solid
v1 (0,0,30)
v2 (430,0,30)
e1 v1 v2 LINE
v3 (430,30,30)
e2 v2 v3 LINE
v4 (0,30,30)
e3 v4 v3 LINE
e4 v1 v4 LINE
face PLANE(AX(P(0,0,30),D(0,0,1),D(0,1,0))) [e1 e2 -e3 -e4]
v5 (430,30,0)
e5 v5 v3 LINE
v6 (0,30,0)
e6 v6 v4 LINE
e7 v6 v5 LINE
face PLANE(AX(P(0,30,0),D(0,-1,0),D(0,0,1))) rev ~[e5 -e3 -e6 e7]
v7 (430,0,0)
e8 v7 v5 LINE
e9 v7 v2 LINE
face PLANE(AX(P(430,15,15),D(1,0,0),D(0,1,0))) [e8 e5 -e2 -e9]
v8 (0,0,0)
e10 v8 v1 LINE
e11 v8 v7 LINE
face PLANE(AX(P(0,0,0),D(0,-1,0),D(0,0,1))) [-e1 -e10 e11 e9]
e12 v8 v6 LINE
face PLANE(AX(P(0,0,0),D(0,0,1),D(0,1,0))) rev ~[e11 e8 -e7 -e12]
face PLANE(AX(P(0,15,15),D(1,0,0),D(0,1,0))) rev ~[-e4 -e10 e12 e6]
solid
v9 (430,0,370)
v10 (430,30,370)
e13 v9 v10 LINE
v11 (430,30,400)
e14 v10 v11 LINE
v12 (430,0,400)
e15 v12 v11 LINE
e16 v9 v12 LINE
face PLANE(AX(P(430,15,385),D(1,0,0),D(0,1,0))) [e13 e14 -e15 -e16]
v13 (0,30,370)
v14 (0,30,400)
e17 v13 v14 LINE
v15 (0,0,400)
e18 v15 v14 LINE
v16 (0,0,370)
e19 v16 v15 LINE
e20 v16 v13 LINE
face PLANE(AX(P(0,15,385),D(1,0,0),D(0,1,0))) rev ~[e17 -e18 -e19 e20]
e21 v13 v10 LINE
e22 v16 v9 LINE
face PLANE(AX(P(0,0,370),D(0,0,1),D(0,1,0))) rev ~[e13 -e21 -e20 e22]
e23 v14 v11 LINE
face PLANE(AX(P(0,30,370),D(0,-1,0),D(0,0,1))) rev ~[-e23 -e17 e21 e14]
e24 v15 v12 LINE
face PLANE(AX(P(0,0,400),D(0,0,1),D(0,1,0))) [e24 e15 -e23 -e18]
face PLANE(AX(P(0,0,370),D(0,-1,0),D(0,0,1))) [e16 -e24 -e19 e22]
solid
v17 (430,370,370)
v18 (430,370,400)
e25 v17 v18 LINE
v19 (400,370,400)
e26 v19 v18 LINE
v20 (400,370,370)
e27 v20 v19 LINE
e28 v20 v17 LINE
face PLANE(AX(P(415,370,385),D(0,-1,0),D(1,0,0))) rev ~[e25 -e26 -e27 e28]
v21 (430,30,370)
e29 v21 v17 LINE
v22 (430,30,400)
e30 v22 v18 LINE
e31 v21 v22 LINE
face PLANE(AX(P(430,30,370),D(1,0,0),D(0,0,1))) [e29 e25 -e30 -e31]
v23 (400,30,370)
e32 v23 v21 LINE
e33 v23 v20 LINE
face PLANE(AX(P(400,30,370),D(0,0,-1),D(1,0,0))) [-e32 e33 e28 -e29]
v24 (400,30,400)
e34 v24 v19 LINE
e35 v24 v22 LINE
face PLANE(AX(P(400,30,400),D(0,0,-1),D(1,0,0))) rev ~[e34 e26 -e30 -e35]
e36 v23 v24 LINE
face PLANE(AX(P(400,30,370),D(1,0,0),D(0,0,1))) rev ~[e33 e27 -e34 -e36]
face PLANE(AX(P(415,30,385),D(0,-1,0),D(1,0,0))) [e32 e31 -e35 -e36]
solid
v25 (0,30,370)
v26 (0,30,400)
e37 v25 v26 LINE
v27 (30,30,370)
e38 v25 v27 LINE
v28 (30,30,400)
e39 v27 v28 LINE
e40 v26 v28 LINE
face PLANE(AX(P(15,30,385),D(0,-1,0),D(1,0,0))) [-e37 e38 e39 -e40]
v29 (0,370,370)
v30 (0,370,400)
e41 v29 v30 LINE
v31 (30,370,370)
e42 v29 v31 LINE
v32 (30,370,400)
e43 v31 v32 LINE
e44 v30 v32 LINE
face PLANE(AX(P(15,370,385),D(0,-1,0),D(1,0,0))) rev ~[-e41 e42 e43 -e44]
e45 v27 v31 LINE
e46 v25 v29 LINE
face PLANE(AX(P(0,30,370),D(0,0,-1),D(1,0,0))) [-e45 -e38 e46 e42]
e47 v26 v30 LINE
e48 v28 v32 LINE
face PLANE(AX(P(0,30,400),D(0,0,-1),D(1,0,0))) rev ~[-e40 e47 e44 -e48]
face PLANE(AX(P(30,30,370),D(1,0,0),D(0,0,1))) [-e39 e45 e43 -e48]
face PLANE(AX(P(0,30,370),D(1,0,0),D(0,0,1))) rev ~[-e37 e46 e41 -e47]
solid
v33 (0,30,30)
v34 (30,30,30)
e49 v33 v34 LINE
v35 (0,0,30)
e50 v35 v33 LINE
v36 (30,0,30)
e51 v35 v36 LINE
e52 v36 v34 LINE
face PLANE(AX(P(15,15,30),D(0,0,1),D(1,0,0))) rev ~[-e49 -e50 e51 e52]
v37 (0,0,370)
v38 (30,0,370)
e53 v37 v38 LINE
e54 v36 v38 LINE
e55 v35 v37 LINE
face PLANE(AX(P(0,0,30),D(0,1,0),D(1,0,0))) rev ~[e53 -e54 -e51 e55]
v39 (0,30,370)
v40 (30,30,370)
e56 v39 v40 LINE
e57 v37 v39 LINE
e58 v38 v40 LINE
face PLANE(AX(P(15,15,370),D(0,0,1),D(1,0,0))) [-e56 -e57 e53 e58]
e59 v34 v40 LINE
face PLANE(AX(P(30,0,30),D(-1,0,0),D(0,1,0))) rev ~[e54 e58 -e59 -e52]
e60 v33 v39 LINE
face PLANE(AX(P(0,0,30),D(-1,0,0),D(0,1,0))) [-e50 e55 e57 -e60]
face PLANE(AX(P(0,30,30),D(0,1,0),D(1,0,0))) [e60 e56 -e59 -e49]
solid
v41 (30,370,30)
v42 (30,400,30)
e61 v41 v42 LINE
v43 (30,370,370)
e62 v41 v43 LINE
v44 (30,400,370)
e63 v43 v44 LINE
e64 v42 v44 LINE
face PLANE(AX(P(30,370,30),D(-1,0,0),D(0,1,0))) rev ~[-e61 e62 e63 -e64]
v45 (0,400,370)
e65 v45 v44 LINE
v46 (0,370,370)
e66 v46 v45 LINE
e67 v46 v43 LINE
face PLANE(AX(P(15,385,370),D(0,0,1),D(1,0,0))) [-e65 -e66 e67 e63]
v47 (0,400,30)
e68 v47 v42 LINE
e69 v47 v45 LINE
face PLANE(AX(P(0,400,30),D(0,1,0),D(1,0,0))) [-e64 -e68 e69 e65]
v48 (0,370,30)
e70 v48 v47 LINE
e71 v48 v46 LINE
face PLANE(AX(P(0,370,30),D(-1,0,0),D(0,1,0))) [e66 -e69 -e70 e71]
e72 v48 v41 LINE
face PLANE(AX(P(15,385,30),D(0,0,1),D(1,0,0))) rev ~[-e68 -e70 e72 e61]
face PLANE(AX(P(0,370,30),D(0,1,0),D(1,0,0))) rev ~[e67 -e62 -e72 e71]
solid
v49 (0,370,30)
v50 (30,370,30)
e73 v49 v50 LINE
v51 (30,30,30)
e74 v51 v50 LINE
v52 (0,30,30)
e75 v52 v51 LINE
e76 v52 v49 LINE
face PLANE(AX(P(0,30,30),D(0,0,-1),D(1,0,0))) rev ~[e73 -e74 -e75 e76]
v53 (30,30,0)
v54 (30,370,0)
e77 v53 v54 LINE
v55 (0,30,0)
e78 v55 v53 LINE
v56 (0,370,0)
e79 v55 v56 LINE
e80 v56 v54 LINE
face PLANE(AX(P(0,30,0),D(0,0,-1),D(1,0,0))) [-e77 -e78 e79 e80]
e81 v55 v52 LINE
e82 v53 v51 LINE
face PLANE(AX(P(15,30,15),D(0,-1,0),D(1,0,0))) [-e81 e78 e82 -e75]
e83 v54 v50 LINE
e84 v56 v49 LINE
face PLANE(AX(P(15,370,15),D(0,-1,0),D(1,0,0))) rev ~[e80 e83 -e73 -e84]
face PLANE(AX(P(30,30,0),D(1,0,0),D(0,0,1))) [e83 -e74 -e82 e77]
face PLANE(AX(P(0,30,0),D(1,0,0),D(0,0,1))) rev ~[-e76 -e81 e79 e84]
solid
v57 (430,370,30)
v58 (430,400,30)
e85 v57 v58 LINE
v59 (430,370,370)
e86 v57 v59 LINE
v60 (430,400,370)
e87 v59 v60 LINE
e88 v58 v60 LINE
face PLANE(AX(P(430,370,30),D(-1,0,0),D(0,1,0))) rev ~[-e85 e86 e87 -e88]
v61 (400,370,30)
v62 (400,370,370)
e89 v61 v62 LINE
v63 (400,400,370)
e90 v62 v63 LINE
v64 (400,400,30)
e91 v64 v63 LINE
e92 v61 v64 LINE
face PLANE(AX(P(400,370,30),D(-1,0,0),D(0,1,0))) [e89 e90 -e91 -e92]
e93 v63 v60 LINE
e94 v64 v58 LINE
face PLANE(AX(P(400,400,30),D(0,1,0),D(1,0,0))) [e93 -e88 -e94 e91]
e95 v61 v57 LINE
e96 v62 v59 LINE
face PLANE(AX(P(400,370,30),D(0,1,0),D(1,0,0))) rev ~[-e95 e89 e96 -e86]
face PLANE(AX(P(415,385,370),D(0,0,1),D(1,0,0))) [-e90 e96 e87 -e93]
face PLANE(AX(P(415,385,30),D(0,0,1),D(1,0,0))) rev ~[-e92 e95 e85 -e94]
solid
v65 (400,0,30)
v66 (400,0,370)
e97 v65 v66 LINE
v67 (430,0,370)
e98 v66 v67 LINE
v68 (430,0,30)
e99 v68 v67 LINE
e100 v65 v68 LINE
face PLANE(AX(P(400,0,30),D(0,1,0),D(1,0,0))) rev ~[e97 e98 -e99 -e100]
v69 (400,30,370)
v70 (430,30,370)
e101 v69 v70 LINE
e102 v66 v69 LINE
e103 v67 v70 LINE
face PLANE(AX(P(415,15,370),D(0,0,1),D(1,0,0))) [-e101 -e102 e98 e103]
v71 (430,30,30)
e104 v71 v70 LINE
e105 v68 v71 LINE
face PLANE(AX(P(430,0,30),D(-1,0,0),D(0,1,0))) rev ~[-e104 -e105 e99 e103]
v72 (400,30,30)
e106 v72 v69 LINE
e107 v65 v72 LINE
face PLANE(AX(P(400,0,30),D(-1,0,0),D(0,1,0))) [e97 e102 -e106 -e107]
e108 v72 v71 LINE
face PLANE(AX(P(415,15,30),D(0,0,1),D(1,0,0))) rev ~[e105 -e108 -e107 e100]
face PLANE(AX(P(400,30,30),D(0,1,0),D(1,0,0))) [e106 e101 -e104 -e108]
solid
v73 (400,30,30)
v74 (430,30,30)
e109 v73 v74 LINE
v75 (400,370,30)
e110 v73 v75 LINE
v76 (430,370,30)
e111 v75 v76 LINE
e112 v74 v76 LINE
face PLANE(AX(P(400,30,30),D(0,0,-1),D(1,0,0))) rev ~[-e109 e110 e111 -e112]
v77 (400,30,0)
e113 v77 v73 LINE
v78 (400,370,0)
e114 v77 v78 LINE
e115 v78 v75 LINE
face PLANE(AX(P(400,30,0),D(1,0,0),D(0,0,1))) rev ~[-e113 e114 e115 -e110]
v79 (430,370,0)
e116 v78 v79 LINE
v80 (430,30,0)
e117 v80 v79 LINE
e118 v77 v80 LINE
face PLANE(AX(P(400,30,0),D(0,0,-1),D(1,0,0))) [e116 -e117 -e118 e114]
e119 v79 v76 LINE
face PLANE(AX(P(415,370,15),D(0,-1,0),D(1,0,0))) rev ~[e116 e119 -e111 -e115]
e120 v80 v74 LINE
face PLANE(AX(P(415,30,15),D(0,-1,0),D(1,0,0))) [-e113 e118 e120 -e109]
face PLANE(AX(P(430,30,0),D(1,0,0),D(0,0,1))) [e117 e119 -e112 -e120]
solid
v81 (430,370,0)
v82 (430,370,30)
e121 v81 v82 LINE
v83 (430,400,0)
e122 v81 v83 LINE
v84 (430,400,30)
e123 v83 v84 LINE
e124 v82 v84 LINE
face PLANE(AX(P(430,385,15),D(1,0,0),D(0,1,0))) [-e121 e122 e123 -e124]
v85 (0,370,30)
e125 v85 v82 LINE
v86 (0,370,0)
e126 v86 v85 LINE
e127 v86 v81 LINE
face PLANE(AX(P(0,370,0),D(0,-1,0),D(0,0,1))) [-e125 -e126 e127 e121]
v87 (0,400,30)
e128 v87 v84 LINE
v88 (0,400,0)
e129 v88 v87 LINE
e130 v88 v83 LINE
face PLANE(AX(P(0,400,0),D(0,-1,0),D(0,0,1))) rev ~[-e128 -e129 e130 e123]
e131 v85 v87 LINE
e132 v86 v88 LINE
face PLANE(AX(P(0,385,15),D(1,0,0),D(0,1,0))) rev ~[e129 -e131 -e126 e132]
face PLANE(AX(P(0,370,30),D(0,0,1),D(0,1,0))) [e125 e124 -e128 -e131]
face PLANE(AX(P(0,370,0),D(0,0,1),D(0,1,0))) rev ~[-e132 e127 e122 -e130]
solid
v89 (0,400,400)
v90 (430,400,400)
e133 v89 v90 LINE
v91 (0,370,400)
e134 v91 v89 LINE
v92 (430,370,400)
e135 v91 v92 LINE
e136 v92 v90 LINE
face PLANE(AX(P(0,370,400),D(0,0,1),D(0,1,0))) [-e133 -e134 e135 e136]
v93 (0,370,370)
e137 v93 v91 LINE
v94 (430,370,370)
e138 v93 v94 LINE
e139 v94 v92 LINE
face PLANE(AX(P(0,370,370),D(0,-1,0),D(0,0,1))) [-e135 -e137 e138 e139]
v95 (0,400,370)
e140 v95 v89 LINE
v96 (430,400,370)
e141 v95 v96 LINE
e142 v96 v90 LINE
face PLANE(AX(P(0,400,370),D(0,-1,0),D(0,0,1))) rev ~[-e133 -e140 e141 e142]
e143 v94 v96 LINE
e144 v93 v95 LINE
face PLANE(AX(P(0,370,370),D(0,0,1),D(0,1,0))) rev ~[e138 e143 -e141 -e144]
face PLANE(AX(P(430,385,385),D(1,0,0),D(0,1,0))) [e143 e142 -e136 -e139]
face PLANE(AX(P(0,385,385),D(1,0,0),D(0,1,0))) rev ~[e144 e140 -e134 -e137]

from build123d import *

# Parameters (mm, degrees)
F3_START = -30
F0_W     = 30
F0_H     = 30
F3_DEPTH = 340
F2_W     = 30
F2_H     = 30
F4_DEPTH = 430
F5_START = 30
F1_W     = 30
F1_H     = 30
F5_DEPTH = 340


with BuildPart() as f3:
    # F0 (on Front) → F3 (new body)
    with BuildSketch(Plane.XZ.offset(F3_START)):
        with Locations((15, 385)):
            Rectangle(F0_W, F0_H)
    extrude(amount=-F3_DEPTH)


with BuildPart() as f3b:
    # F0 (on Front) → F3, piece 2 (new body)
    with BuildSketch(Plane.XZ.offset(F3_START)):
        with Locations((15, 15)):
            Rectangle(F0_W, F0_H)
    extrude(amount=-F3_DEPTH)


with BuildPart() as f3c:
    # F0 (on Front) → F3, piece 3 (new body)
    with BuildSketch(Plane.XZ.offset(F3_START)):
        with Locations((415, 15)):
            Rectangle(F0_W, F0_H)
    extrude(amount=-F3_DEPTH)


with BuildPart() as f3d:
    # F0 (on Front) → F3, piece 4 (new body)
    with BuildSketch(Plane.XZ.offset(F3_START)):
        with Locations((415, 385)):
            Rectangle(F0_W, F0_H)
    extrude(amount=-F3_DEPTH)


with BuildPart() as f4:
    # F2 (on Right) → F4 (new body, through all)
    with BuildSketch(Plane.YZ):
        with Locations((385, 385)):
            Rectangle(F2_W, F2_H)
    extrude(amount=F4_DEPTH)


with BuildPart() as f4b:
    # F2 (on Right) → F4, piece 2 (new body, through all)
    with BuildSketch(Plane.YZ):
        with Locations((385, 15)):
            Rectangle(F2_W, F2_H)
    extrude(amount=F4_DEPTH)


with BuildPart() as f4c:
    # F2 (on Right) → F4, piece 3 (new body, through all)
    with BuildSketch(Plane.YZ):
        with Locations((15, 15)):
            Rectangle(F2_W, F2_H)
    extrude(amount=F4_DEPTH)


with BuildPart() as f4d:
    # F2 (on Right) → F4, piece 4 (new body, through all)
    with BuildSketch(Plane.YZ):
        with Locations((15, 385)):
            Rectangle(F2_W, F2_H)
    extrude(amount=F4_DEPTH)


with BuildPart() as f5:
    # F1 (on Top) → F5 (new body)
    with BuildSketch(Plane.XY.offset(F5_START)):
        with Locations((15, 15)):
            Rectangle(F1_W, F1_H)
    extrude(amount=F5_DEPTH)


with BuildPart() as f5b:
    # F1 (on Top) → F5, piece 2 (new body)
    with BuildSketch(Plane.XY.offset(F5_START)):
        with Locations((415, 15)):
            Rectangle(F1_W, F1_H)
    extrude(amount=F5_DEPTH)


with BuildPart() as f5c:
    # F1 (on Top) → F5, piece 3 (new body)
    with BuildSketch(Plane.XY.offset(F5_START)):
        with Locations((415, 385)):
            Rectangle(F1_W, F1_H)
    extrude(amount=F5_DEPTH)


with BuildPart() as f5d:
    # F1 (on Top) → F5, piece 4 (new body)
    with BuildSketch(Plane.XY.offset(F5_START)):
        with Locations((15, 385)):
            Rectangle(F1_W, F1_H)
    extrude(amount=F5_DEPTH)


solid = Compound([f3.part, f3b.part, f3c.part, f3d.part, f4.part, f4b.part, f4c.part, f4d.part, f5.part, f5b.part, f5c.part, f5d.part])
